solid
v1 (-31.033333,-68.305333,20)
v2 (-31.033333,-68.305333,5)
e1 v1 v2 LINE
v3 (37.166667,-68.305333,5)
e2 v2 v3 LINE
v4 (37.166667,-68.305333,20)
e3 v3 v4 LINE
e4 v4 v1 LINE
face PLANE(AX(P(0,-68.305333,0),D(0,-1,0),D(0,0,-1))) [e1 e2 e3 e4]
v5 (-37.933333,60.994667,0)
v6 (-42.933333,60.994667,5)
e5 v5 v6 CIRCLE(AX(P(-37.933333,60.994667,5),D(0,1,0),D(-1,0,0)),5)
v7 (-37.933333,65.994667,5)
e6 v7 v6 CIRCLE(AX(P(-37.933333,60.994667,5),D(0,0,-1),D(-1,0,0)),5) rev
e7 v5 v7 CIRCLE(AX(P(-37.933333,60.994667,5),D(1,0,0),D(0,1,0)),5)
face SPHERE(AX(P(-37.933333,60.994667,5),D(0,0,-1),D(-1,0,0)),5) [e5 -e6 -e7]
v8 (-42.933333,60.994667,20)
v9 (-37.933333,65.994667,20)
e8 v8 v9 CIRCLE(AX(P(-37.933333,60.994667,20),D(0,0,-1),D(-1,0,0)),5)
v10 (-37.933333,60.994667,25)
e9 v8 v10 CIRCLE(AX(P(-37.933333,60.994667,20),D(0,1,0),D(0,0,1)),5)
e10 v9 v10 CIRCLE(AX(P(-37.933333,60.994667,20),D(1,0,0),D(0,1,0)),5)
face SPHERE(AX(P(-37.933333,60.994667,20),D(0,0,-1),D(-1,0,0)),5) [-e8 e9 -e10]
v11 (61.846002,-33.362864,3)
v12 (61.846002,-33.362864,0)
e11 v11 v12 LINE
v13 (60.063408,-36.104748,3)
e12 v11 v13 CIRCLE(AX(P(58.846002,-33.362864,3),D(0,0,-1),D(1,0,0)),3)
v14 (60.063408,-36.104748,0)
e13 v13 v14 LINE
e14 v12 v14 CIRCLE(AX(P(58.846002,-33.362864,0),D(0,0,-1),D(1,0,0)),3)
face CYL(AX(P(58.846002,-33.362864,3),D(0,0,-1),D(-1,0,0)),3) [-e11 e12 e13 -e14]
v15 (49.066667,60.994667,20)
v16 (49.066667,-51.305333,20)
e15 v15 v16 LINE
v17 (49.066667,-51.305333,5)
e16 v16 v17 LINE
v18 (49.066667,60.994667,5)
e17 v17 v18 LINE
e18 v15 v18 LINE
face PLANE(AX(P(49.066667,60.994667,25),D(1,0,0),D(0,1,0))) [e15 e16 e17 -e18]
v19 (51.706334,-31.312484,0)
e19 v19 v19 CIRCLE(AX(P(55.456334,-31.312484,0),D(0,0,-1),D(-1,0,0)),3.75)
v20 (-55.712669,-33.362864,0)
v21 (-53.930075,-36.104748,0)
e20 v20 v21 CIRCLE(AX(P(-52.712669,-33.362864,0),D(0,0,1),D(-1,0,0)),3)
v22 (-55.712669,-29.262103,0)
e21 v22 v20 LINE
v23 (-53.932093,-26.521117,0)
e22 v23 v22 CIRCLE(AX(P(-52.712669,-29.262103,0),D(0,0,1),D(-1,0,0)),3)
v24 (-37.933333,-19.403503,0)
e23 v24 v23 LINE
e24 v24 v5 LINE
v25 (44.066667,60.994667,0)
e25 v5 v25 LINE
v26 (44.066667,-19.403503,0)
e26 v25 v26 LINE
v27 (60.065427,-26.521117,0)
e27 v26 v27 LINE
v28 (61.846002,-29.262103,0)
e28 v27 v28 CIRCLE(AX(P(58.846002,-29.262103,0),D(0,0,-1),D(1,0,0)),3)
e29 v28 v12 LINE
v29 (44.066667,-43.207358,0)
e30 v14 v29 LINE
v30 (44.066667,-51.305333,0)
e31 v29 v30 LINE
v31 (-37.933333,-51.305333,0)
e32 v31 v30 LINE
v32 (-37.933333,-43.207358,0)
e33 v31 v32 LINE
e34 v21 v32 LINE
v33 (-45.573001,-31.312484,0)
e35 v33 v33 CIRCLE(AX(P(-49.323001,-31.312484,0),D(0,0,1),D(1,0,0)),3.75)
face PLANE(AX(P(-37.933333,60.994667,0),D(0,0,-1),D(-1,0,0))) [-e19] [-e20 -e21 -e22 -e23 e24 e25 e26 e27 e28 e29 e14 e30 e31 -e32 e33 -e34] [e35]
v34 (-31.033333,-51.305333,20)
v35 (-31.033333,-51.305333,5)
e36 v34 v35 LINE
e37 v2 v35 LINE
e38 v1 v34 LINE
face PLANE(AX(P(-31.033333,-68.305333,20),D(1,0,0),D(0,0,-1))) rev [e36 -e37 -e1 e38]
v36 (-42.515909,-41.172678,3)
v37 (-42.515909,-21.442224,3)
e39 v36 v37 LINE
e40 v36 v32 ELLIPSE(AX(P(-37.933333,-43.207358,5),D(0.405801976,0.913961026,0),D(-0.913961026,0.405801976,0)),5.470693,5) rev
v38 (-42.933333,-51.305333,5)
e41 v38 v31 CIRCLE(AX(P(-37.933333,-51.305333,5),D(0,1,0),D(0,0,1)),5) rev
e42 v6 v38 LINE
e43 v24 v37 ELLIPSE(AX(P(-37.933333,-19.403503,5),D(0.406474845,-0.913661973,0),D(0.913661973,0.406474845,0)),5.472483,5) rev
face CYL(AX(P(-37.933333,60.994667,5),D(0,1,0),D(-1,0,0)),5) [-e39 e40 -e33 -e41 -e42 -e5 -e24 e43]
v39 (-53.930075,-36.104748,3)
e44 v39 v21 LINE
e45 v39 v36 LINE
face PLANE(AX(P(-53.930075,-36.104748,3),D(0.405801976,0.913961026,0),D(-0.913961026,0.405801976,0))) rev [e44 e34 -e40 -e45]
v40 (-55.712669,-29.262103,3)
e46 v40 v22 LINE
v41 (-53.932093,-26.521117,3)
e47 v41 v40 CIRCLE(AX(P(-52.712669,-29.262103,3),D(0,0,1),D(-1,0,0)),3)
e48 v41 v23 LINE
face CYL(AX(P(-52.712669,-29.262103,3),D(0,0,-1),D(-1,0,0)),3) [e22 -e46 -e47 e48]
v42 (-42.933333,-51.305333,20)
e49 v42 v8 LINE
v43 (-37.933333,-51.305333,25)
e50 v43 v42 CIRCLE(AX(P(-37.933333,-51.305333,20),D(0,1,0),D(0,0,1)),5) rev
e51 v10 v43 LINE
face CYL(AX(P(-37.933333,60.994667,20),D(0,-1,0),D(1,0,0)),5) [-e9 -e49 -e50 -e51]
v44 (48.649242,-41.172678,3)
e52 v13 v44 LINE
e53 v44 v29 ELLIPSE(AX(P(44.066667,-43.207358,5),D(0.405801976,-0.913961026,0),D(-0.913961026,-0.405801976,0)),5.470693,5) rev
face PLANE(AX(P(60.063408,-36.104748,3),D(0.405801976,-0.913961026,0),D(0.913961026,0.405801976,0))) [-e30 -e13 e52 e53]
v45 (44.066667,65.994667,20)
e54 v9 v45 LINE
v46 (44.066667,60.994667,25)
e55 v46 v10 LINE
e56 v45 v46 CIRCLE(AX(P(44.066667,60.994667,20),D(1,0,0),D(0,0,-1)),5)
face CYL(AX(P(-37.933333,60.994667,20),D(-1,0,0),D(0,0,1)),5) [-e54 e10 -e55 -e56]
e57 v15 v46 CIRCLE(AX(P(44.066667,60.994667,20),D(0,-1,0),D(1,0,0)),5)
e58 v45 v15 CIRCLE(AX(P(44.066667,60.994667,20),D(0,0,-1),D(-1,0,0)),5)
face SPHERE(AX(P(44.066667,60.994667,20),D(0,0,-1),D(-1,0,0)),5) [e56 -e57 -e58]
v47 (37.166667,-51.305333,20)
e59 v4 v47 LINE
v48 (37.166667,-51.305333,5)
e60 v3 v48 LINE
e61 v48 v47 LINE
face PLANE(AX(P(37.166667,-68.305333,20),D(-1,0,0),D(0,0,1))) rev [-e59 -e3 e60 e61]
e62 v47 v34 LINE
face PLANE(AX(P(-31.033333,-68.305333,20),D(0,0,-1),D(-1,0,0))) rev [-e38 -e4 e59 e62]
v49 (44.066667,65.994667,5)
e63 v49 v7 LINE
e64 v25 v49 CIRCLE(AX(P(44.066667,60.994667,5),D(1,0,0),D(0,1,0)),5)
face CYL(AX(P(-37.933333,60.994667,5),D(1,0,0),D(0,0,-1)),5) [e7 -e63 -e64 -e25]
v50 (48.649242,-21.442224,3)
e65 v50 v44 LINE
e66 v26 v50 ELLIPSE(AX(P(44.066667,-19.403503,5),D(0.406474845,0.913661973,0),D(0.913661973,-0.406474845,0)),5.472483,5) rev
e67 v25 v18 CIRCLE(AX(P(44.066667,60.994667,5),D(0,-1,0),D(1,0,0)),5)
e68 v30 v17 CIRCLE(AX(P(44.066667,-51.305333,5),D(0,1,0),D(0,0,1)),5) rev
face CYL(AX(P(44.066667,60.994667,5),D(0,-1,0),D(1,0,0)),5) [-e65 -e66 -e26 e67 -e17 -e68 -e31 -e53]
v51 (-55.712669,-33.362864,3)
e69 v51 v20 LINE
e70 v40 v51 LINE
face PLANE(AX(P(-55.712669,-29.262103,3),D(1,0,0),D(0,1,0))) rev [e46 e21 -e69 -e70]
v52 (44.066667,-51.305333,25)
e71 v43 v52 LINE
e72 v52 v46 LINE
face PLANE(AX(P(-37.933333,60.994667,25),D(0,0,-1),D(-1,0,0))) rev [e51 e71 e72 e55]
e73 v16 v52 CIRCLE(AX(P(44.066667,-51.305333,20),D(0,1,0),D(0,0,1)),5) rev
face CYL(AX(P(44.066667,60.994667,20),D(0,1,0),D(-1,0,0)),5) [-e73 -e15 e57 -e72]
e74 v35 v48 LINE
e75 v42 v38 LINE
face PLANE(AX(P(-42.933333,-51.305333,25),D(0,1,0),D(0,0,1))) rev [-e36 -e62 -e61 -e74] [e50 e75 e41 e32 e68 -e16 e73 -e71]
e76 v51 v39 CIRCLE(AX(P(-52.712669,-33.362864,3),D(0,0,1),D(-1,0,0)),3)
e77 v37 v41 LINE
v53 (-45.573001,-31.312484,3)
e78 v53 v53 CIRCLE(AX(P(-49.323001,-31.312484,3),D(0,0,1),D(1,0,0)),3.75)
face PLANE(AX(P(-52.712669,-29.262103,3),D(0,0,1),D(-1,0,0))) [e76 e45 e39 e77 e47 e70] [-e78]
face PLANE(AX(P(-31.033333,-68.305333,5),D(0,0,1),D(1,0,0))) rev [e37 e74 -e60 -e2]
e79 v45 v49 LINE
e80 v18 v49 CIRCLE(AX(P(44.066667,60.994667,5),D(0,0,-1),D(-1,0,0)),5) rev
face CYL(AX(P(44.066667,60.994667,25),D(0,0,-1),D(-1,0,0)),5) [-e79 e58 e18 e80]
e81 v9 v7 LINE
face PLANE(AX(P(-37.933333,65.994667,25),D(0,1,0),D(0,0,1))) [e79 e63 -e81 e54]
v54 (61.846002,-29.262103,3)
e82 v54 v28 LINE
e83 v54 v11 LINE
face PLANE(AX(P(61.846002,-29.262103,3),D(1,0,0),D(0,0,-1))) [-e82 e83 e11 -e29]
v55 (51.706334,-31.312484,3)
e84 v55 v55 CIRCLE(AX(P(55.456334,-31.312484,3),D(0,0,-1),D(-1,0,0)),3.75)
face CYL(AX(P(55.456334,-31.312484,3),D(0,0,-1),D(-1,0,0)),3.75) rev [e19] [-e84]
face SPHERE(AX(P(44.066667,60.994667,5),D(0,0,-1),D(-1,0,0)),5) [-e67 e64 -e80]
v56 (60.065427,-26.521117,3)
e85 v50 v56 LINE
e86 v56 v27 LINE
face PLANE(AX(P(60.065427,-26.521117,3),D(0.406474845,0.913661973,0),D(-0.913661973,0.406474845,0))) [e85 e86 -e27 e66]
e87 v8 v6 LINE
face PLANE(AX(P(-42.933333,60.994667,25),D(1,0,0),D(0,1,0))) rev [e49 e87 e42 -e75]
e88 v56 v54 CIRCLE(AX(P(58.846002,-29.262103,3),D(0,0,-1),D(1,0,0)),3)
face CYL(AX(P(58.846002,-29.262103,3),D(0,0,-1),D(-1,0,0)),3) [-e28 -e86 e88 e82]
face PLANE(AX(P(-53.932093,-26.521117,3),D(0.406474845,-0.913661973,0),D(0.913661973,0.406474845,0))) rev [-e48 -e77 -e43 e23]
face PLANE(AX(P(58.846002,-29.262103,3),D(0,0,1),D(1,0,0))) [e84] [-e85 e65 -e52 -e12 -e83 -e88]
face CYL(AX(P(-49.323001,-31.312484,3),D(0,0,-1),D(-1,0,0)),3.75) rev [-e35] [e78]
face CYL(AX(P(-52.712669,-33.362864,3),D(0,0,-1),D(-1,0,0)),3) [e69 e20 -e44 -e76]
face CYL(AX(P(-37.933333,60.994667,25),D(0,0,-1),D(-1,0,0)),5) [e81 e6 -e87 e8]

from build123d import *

# Parameters (mm, degrees)
EXTRUDE_1_DEPTH = 25
FILLET_2_R      = 5
FILLET_3_R      = 5
SKETCH_2_W      = 68.2
SKETCH_2_H      = 15
EXTRUDE_2_DEPTH = 17
SKETCH_3_R      = 3.75
EXTRUDE_3_DEPTH = 3


with BuildPart() as part:
    # 草图1 → 凸台-拉伸1 (new body)
    with BuildSketch(Plane.XY):
        with BuildLine():
            Line((-37.933333333, 65.994666667), (44.066666667, 65.994666667))
            ThreePointArc((44.066666667, 65.994666667), (47.602200573, 64.530200573), (49.066666667, 60.994666667))
            Line((49.066666667, 60.994666667), (49.066666667, -51.305333333))
            Line((49.066666667, -51.305333333), (-42.933333333, -51.305333333))
            Line((-42.933333333, -51.305333333), (-42.933333333, 60.994666667))
            ThreePointArc((-42.933333333, 60.994666667), (-41.468867239, 64.530200573), (-37.933333333, 65.994666667))
        make_face()
    extrude(amount=EXTRUDE_1_DEPTH)

    # 圆角2
    fillet_2_edges = [part.edges().sort_by_distance(p)[0] for p in [
        (47.602200573, 64.530200573, 25),
        (49.066666667, 4.844666667, 25),
        (-42.933333333, 4.844666667, 25),
        (-41.468867239, 64.530200573, 25),
        (3.066666667, 65.994666667, 25),
    ]]
    fillet(fillet_2_edges, radius=FILLET_2_R)

    # 圆角3
    fillet_3_edges = [part.edges().sort_by_distance(p)[0] for p in [
        (-42.933333333, 4.844666667, 0),
        (49.066666667, 4.844666667, 0),
        (47.602200573, 64.530200573, 0),
        (3.066666667, 65.994666667, 0),
        (-41.468867239, 64.530200573, 0),
    ]]
    fillet(fillet_3_edges, radius=FILLET_3_R)

    # 草图2 → 凸台-拉伸2 (add)
    with BuildSketch(Plane.XZ.offset(51.305333333)):
        with Locations((3.066666667, 12.5)):
            Rectangle(SKETCH_2_W, SKETCH_2_H)
    extrude(amount=EXTRUDE_2_DEPTH)

    # 草图3 → 凸台-拉伸3 (add)
    with BuildSketch(Plane(origin=(0, 0, 0), x_dir=(-1, 0, 0), z_dir=(0, 0, -1))):
        with BuildLine():
            Line((-60.065426781, -26.521117388), (-43.846003667, -19.305333333))
            Line((-43.846003667, -19.305333333), (-43.846003667, -31.305333333))
            Line((-43.846003667, -31.305333333), (-43.846003667, -43.305333333))
            Line((-43.846003667, -43.305333333), (-60.063408173, -36.104747529))
            ThreePointArc((-60.063408173, -36.104747529), (-61.361177964, -34.998068142), (-61.846002246, -33.362864452))
            Line((-61.846002246, -33.362864452), (-61.846002246, -29.262103306))
            ThreePointArc((-61.846002246, -29.262103306), (-61.36177982, -27.62782573), (-60.065426781, -26.521117388))
        make_face()
        with Locations((-55.456334457, -31.312483879)):
            Circle(SKETCH_3_R, mode=Mode.SUBTRACT)
    extrude_3 = extrude(amount=-EXTRUDE_3_DEPTH)

    # 镜向1: 凸台-拉伸3 across plane
    add(extrude_3.mirror(Plane(origin=(3.066666667, 0, 0), x_dir=(0, 0, 1), z_dir=(1, 0, 0))))


solid = part.part
